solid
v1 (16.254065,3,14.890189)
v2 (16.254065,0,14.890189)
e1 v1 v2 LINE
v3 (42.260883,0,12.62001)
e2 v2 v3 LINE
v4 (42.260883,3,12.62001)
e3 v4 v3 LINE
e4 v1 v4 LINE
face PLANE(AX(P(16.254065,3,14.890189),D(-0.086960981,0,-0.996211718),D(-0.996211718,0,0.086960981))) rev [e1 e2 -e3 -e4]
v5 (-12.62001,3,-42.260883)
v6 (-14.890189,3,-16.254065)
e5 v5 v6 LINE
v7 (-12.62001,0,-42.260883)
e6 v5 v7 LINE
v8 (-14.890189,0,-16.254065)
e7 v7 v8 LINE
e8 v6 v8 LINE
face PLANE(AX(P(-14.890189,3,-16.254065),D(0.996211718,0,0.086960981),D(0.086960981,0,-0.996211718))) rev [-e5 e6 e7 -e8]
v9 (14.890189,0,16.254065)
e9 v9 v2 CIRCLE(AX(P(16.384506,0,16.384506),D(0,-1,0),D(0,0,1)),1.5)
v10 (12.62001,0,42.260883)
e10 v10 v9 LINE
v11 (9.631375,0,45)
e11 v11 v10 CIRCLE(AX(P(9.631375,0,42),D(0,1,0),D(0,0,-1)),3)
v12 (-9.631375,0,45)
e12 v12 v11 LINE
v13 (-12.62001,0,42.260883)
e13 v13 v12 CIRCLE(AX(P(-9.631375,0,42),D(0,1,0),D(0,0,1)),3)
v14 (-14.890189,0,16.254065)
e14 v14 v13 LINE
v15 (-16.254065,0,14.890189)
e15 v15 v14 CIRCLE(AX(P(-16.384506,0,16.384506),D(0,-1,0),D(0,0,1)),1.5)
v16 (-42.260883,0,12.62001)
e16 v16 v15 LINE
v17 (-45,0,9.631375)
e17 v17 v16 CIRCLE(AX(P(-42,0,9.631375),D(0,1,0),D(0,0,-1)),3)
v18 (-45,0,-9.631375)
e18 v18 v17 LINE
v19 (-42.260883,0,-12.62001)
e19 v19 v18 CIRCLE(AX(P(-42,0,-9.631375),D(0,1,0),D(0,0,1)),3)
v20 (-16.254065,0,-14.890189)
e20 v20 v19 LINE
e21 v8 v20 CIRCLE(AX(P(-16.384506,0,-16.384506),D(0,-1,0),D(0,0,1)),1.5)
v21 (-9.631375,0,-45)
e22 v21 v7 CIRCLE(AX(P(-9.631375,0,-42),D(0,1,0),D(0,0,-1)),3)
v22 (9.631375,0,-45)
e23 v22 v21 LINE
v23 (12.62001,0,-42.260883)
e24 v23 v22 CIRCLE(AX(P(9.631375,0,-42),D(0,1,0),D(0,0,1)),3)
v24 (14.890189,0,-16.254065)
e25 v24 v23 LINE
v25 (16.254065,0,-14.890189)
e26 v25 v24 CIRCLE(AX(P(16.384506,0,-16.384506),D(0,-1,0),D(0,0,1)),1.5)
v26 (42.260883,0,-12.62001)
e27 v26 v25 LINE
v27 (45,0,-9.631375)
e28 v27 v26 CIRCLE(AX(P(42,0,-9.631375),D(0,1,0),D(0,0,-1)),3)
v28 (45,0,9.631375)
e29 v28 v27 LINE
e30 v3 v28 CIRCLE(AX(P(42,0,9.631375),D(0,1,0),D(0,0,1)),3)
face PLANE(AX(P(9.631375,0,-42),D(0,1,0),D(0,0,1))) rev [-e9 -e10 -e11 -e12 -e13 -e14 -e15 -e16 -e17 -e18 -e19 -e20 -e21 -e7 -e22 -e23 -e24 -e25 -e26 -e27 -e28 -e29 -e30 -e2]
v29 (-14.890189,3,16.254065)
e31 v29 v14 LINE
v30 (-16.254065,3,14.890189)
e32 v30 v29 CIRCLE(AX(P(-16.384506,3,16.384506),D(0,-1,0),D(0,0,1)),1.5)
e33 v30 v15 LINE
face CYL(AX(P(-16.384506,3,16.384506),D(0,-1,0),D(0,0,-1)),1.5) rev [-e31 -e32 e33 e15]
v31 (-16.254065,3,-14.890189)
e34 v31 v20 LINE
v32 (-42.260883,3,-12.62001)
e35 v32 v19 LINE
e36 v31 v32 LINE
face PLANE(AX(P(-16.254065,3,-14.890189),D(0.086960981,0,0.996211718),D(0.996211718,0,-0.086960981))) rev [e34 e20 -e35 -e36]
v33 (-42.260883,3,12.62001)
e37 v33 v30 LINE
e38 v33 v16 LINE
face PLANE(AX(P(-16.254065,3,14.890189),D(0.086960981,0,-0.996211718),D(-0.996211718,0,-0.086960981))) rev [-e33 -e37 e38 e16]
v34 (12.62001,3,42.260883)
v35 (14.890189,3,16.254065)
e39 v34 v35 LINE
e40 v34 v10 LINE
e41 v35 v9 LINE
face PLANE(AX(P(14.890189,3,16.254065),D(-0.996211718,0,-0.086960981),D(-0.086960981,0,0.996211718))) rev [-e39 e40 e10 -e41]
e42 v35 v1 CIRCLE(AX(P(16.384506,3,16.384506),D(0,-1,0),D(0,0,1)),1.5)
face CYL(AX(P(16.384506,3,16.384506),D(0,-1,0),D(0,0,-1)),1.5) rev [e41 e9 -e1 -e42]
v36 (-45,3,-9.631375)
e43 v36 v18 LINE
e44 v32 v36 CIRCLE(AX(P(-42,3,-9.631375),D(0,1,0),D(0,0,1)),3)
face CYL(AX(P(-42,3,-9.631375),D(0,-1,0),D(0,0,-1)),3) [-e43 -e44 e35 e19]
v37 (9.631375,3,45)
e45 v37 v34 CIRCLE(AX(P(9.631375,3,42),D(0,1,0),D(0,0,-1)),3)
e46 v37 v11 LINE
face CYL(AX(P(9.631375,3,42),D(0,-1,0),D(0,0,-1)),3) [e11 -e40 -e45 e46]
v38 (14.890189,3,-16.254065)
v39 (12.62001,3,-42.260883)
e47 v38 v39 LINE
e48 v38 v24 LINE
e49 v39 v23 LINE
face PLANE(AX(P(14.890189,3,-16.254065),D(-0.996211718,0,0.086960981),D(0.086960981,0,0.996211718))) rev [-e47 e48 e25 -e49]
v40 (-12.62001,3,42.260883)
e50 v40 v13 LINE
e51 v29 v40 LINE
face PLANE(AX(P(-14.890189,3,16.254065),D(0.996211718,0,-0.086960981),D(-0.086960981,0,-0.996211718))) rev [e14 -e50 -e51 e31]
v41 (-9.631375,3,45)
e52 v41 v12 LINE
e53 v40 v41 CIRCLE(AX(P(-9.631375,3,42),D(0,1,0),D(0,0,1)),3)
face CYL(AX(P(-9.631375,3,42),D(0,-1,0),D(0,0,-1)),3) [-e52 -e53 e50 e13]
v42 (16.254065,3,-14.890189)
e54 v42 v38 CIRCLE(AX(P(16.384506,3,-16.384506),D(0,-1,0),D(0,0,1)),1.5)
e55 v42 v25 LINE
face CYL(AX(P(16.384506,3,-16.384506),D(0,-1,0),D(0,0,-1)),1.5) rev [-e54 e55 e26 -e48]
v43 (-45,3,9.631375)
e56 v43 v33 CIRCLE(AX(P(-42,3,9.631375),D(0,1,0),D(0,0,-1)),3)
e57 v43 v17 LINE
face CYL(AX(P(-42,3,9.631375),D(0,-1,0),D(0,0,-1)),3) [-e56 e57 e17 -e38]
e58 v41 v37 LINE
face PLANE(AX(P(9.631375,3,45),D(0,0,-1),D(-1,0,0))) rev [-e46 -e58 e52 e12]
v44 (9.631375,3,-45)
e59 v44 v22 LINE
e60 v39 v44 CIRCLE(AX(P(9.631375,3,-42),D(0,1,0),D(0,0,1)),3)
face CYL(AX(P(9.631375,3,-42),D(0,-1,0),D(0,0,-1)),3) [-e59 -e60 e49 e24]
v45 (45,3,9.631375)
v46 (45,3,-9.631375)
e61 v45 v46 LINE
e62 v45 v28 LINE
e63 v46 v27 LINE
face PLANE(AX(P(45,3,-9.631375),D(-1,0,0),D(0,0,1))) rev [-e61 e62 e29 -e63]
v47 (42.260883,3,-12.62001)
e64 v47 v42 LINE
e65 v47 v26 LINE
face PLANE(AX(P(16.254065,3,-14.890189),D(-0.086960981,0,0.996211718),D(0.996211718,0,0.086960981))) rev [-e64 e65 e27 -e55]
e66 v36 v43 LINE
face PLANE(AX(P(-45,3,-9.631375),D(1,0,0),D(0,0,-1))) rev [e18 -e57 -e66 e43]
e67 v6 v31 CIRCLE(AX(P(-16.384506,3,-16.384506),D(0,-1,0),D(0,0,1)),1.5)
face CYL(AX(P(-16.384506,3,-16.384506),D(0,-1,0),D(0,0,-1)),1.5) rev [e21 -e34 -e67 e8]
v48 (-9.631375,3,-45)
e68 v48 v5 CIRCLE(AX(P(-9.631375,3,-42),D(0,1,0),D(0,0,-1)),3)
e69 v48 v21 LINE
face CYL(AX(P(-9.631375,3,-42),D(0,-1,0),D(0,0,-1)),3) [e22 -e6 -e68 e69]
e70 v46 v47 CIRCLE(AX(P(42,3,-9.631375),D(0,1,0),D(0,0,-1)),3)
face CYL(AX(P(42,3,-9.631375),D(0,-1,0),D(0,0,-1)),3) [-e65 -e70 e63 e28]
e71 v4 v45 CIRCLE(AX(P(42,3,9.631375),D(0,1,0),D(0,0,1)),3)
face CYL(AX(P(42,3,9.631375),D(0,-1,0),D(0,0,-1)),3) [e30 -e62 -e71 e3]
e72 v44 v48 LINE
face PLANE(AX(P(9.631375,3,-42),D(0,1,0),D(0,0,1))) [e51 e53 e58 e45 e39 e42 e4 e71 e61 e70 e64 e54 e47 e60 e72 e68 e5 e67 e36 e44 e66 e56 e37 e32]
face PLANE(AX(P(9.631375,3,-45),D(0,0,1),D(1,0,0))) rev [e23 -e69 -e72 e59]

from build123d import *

# Parameters (mm, degrees)
BOSS_EXTRUDE1_DEPTH = 3


with BuildPart() as part:
    # Sketch1 → Boss-Extrude1 (new body)
    with BuildSketch(Plane(origin=(0, 0, 0), x_dir=(1, 0, 0), z_dir=(0, 1, 0))):
        with BuildLine():
            Line((-14.890188717, 16.254064822), (-12.620010218, 42.260882944))
            ThreePointArc((-12.620010218, 42.260882944), (-11.658361887, 44.211633879), (-9.631375063, 45))
            Line((-9.631375063, 45), (9.631375063, 45))
            ThreePointArc((9.631375063, 45), (11.658361887, 44.211633879), (12.620010218, 42.260882944))
            Line((12.620010218, 42.260882944), (14.890188717, 16.254064822))
            ThreePointArc((14.890188717, 16.254064822), (15.323846122, 15.323846122), (16.254064822, 14.890188717))
            Line((16.254064822, 14.890188717), (42.260882944, 12.620010218))
            ThreePointArc((42.260882944, 12.620010218), (44.211633879, 11.658361887), (45, 9.631375063))
            Line((45, 9.631375063), (45, -9.631375063))
            ThreePointArc((45, -9.631375063), (44.211633879, -11.658361887), (42.260882944, -12.620010218))
            Line((42.260882944, -12.620010218), (16.254064822, -14.890188717))
            ThreePointArc((16.254064822, -14.890188717), (15.323846122, -15.323846122), (14.890188717, -16.254064822))
            Line((14.890188717, -16.254064822), (12.620010218, -42.260882944))
            ThreePointArc((12.620010218, -42.260882944), (11.658361887, -44.211633879), (9.631375063, -45))
            Line((9.631375063, -45), (-9.631375063, -45))
            ThreePointArc((-9.631375063, -45), (-11.658361887, -44.211633879), (-12.620010218, -42.260882944))
            Line((-12.620010218, -42.260882944), (-14.890188717, -16.254064822))
            ThreePointArc((-14.890188717, -16.254064822), (-15.323846122, -15.323846122), (-16.254064822, -14.890188717))
            Line((-16.254064822, -14.890188717), (-42.260882944, -12.620010218))
            ThreePointArc((-42.260882944, -12.620010218), (-44.211633879, -11.658361887), (-45, -9.631375063))
            Line((-45, -9.631375063), (-45, 9.631375063))
            ThreePointArc((-45, 9.631375063), (-44.211633879, 11.658361887), (-42.260882944, 12.620010218))
            Line((-42.260882944, 12.620010218), (-16.254064822, 14.890188717))
            ThreePointArc((-16.254064822, 14.890188717), (-15.323846122, 15.323846122), (-14.890188717, 16.254064822))
        make_face()
    extrude(amount=BOSS_EXTRUDE1_DEPTH)


solid = part.part
